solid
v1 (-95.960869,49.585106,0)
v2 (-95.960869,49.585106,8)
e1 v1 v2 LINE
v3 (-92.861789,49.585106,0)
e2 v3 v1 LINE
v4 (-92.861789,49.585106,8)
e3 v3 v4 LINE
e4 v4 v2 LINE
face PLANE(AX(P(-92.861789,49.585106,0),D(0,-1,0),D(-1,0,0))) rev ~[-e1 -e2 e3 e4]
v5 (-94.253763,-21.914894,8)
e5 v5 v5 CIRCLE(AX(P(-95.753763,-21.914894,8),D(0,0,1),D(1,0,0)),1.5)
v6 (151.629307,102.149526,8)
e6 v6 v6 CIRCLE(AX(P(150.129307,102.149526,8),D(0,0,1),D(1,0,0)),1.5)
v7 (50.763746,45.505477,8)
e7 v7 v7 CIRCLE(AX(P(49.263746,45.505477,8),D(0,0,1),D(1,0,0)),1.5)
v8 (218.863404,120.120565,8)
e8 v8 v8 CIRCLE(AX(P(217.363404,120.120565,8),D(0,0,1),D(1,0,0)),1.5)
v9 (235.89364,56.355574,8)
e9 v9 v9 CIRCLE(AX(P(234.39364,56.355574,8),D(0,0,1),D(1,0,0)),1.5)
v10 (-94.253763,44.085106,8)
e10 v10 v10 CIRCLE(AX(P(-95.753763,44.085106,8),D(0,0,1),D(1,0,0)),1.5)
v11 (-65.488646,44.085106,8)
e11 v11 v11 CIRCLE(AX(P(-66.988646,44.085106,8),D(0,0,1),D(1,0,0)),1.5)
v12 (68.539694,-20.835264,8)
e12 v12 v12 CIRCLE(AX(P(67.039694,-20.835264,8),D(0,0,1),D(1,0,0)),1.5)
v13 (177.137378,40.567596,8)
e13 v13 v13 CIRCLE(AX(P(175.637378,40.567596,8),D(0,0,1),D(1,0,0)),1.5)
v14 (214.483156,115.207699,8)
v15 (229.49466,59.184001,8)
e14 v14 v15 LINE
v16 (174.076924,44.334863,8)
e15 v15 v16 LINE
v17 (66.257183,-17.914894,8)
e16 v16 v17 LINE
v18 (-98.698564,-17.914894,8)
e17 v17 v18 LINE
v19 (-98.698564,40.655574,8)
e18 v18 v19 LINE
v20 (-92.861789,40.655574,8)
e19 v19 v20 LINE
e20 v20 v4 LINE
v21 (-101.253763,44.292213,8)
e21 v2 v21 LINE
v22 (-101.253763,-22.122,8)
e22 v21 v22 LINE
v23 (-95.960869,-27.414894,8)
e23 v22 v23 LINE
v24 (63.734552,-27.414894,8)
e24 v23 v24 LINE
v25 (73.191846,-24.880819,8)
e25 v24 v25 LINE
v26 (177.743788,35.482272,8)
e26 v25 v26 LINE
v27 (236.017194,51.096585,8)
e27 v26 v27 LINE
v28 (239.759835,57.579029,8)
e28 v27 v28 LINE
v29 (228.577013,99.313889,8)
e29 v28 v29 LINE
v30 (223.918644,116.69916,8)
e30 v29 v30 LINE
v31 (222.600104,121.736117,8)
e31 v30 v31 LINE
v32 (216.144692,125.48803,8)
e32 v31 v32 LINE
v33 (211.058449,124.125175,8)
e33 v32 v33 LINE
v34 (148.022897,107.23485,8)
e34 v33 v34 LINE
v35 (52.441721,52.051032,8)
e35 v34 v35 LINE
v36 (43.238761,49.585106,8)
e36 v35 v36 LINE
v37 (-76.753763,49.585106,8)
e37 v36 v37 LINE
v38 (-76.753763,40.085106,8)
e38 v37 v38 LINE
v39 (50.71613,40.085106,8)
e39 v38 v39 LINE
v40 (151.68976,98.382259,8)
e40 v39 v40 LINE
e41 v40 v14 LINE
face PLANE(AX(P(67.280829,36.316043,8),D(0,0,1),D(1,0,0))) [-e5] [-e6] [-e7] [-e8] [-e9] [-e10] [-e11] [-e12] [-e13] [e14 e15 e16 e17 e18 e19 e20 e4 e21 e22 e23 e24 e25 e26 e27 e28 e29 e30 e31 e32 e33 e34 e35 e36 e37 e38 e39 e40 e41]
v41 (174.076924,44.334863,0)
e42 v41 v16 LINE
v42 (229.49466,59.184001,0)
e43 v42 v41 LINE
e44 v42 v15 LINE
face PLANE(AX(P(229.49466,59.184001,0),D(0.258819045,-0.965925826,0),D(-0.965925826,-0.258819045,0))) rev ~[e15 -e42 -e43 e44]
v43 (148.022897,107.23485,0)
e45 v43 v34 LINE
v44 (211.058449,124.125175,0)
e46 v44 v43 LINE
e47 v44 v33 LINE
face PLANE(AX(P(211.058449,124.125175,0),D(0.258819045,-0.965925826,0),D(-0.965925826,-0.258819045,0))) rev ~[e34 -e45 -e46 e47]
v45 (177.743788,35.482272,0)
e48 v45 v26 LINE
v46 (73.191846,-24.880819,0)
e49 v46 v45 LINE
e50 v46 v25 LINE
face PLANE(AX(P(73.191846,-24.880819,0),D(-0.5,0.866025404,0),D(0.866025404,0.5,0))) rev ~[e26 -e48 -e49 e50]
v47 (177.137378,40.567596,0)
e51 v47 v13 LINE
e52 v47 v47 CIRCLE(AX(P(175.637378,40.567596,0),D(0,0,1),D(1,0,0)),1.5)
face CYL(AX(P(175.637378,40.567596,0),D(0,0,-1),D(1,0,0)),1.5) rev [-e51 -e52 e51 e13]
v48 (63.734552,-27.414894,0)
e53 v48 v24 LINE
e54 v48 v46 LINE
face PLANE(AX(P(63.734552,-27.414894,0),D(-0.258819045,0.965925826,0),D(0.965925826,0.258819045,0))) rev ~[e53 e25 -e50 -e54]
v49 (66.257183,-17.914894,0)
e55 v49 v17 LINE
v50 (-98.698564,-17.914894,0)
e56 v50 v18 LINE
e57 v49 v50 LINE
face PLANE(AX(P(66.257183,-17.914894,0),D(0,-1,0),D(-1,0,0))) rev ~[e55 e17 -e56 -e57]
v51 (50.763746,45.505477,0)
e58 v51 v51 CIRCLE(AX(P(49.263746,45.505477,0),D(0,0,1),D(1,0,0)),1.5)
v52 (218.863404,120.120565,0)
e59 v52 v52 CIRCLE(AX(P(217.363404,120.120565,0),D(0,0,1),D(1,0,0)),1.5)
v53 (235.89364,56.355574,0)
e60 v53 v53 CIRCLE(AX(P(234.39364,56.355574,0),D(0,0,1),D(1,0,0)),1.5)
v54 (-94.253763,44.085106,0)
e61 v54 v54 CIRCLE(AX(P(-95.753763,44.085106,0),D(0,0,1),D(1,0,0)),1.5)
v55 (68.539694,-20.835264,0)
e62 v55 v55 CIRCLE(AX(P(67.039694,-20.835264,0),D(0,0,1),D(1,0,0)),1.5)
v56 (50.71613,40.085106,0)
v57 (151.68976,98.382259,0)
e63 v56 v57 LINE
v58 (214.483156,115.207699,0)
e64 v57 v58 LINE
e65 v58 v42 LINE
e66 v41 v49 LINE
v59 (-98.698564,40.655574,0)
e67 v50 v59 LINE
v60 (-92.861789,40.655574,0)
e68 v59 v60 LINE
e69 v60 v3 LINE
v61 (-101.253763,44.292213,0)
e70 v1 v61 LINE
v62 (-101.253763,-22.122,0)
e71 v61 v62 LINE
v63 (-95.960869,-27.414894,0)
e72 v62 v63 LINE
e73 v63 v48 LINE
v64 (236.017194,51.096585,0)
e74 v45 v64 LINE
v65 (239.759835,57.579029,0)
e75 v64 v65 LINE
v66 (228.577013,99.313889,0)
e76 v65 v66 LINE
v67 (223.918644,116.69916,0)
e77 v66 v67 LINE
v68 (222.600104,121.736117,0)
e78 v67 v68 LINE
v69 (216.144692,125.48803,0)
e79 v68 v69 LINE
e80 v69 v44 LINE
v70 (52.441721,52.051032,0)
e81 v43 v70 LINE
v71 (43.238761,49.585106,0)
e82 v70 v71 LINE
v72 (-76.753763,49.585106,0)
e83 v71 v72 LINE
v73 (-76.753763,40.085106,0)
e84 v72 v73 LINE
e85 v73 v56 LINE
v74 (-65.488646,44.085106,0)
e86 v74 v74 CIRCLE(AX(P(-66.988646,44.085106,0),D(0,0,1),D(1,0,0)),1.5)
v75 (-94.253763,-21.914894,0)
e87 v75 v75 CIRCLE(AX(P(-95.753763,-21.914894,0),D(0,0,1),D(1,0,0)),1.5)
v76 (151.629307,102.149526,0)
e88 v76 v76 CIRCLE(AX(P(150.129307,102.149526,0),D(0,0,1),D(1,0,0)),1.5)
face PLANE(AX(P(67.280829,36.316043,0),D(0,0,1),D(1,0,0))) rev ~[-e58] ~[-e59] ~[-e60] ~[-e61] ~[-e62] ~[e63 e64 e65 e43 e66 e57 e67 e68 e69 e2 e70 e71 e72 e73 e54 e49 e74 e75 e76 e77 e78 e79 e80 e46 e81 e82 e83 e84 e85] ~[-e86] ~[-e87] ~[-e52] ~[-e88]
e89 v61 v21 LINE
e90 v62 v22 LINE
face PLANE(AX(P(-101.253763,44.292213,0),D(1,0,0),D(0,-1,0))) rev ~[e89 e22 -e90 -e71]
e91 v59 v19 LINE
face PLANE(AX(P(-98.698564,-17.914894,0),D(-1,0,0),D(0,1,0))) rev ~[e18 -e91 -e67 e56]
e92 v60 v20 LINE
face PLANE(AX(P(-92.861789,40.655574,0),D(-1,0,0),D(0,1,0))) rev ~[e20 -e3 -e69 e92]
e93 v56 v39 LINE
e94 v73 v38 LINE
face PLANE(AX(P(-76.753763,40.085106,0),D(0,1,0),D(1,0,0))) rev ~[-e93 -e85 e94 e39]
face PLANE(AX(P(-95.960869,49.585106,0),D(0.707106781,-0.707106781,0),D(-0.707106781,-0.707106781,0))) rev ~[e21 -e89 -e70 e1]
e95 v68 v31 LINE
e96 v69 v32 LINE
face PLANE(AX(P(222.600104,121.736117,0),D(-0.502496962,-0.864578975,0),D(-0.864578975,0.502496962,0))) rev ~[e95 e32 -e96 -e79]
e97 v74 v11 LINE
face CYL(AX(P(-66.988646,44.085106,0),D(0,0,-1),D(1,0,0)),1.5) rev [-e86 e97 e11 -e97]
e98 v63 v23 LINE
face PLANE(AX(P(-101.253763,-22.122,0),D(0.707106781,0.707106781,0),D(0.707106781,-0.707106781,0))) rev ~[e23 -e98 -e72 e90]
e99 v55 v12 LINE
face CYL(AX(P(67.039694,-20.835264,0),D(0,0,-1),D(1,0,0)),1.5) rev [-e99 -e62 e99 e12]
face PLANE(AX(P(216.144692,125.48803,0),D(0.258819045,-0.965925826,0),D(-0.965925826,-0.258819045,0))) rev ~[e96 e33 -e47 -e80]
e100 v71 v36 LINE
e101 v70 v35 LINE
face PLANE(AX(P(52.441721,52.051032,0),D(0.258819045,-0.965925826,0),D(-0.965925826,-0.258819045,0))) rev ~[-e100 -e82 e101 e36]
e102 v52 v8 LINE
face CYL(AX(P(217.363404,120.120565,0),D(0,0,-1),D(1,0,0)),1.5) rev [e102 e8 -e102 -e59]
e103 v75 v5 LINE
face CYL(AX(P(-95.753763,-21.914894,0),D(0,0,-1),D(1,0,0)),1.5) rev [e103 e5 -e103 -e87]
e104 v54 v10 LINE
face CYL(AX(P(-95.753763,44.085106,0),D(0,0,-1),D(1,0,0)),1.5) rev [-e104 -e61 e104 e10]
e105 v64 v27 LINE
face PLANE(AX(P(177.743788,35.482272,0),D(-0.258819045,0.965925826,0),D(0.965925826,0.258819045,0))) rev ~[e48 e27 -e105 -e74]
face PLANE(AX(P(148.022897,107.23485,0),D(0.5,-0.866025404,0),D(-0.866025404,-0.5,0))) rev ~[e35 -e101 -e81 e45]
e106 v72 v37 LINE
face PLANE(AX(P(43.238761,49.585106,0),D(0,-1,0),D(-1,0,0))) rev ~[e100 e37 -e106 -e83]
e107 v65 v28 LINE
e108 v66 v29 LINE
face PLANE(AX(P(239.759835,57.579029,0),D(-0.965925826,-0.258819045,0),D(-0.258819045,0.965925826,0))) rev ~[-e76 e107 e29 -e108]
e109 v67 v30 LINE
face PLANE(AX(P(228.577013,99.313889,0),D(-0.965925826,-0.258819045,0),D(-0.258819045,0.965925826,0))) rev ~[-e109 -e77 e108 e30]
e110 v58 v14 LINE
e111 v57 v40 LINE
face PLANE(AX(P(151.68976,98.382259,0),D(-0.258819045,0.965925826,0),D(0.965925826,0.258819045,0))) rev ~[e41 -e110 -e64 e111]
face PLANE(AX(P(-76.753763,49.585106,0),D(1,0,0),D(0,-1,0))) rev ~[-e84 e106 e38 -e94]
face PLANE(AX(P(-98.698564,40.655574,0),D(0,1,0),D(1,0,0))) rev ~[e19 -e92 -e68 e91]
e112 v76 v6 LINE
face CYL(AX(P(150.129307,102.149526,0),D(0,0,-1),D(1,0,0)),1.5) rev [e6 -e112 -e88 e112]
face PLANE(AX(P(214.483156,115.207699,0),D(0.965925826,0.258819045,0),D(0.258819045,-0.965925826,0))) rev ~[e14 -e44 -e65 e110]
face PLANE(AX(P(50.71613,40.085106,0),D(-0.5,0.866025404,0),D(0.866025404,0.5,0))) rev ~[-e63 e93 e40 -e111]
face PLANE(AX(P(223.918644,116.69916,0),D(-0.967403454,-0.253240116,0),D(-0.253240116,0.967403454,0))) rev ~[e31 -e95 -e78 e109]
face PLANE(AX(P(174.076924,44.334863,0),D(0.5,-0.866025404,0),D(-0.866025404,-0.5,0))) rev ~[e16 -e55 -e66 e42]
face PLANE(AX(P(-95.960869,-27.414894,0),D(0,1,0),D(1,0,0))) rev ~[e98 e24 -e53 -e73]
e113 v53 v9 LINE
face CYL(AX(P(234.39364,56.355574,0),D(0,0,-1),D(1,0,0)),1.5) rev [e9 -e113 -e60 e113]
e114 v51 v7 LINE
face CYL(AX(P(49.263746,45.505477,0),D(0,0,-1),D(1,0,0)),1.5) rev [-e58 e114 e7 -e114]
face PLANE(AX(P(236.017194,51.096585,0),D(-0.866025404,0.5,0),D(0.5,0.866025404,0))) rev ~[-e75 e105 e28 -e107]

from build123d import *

# Parameters (mm, degrees)
ESQUISSE1_R        = 1.5
BOSS_EXTRU_1_DEPTH = 8


with BuildPart() as part:
    # Esquisse1 → Boss.-Extru.1 (new body)
    with BuildSketch(Plane.XY):
        Polygon((43.238760989, 49.585106383), (-75.988646329, 49.585106383), (-76.753762562, 49.585106383), (-76.753762562, 40.085106383), (2.011353671, 40.085106383), (50.71612997, 40.085106383), (151.689760112, 98.382258927), (214.4831558, 115.207698591), (229.494660416, 59.184000666), (174.076924484, 44.334863077), (66.257183131, -17.914893617), (-98.698564415, -17.914893617), (-98.698564415, 40.655573641), (-94.860830925, 40.655573641), (-92.861789188, 40.655573641), (-92.861789188, 49.585106383), (-94.860830925, 49.585106383), (-95.960869343, 49.585106383), (-101.253762562, 44.292213164), (-101.253762562, 35.79522772), (-101.253762562, -22.122000398), (-95.960869343, -27.414893617), (63.734552111, -27.414893617), (73.191845678, -24.880819443), (177.743787613, 35.482272378), (236.017194438, 51.096584676), (239.759835125, 57.579028501), (228.577013006, 99.31388882), (223.918643626, 116.699160027), (222.600104344, 121.736116557), (216.144691957, 125.488029577), (211.058449045, 124.125174896), (148.022896982, 107.234849626), (52.44172146, 52.051032209), align=None)
        with Locations((-95.753762562, -21.914893617)):
            Circle(ESQUISSE1_R, mode=Mode.SUBTRACT)
        with Locations((67.039694146, -20.835264486)):
            Circle(ESQUISSE1_R, mode=Mode.SUBTRACT)
        with Locations((-95.753762562, 44.085106383)):
            Circle(ESQUISSE1_R, mode=Mode.SUBTRACT)
        with Locations((-66.988646329, 44.085106383)):
            Circle(ESQUISSE1_R, mode=Mode.SUBTRACT)
        with Locations((49.263745973, 45.505477252)):
            Circle(ESQUISSE1_R, mode=Mode.SUBTRACT)
        with Locations((175.637377655, 40.567595866)):
            Circle(ESQUISSE1_R, mode=Mode.SUBTRACT)
        with Locations((234.393639901, 56.355573542)):
            Circle(ESQUISSE1_R, mode=Mode.SUBTRACT)
        with Locations((150.12930694, 102.149526137)):
            Circle(ESQUISSE1_R, mode=Mode.SUBTRACT)
        with Locations((217.363403759, 120.120565138)):
            Circle(ESQUISSE1_R, mode=Mode.SUBTRACT)
    extrude(amount=BOSS_EXTRU_1_DEPTH)


solid = part.part
